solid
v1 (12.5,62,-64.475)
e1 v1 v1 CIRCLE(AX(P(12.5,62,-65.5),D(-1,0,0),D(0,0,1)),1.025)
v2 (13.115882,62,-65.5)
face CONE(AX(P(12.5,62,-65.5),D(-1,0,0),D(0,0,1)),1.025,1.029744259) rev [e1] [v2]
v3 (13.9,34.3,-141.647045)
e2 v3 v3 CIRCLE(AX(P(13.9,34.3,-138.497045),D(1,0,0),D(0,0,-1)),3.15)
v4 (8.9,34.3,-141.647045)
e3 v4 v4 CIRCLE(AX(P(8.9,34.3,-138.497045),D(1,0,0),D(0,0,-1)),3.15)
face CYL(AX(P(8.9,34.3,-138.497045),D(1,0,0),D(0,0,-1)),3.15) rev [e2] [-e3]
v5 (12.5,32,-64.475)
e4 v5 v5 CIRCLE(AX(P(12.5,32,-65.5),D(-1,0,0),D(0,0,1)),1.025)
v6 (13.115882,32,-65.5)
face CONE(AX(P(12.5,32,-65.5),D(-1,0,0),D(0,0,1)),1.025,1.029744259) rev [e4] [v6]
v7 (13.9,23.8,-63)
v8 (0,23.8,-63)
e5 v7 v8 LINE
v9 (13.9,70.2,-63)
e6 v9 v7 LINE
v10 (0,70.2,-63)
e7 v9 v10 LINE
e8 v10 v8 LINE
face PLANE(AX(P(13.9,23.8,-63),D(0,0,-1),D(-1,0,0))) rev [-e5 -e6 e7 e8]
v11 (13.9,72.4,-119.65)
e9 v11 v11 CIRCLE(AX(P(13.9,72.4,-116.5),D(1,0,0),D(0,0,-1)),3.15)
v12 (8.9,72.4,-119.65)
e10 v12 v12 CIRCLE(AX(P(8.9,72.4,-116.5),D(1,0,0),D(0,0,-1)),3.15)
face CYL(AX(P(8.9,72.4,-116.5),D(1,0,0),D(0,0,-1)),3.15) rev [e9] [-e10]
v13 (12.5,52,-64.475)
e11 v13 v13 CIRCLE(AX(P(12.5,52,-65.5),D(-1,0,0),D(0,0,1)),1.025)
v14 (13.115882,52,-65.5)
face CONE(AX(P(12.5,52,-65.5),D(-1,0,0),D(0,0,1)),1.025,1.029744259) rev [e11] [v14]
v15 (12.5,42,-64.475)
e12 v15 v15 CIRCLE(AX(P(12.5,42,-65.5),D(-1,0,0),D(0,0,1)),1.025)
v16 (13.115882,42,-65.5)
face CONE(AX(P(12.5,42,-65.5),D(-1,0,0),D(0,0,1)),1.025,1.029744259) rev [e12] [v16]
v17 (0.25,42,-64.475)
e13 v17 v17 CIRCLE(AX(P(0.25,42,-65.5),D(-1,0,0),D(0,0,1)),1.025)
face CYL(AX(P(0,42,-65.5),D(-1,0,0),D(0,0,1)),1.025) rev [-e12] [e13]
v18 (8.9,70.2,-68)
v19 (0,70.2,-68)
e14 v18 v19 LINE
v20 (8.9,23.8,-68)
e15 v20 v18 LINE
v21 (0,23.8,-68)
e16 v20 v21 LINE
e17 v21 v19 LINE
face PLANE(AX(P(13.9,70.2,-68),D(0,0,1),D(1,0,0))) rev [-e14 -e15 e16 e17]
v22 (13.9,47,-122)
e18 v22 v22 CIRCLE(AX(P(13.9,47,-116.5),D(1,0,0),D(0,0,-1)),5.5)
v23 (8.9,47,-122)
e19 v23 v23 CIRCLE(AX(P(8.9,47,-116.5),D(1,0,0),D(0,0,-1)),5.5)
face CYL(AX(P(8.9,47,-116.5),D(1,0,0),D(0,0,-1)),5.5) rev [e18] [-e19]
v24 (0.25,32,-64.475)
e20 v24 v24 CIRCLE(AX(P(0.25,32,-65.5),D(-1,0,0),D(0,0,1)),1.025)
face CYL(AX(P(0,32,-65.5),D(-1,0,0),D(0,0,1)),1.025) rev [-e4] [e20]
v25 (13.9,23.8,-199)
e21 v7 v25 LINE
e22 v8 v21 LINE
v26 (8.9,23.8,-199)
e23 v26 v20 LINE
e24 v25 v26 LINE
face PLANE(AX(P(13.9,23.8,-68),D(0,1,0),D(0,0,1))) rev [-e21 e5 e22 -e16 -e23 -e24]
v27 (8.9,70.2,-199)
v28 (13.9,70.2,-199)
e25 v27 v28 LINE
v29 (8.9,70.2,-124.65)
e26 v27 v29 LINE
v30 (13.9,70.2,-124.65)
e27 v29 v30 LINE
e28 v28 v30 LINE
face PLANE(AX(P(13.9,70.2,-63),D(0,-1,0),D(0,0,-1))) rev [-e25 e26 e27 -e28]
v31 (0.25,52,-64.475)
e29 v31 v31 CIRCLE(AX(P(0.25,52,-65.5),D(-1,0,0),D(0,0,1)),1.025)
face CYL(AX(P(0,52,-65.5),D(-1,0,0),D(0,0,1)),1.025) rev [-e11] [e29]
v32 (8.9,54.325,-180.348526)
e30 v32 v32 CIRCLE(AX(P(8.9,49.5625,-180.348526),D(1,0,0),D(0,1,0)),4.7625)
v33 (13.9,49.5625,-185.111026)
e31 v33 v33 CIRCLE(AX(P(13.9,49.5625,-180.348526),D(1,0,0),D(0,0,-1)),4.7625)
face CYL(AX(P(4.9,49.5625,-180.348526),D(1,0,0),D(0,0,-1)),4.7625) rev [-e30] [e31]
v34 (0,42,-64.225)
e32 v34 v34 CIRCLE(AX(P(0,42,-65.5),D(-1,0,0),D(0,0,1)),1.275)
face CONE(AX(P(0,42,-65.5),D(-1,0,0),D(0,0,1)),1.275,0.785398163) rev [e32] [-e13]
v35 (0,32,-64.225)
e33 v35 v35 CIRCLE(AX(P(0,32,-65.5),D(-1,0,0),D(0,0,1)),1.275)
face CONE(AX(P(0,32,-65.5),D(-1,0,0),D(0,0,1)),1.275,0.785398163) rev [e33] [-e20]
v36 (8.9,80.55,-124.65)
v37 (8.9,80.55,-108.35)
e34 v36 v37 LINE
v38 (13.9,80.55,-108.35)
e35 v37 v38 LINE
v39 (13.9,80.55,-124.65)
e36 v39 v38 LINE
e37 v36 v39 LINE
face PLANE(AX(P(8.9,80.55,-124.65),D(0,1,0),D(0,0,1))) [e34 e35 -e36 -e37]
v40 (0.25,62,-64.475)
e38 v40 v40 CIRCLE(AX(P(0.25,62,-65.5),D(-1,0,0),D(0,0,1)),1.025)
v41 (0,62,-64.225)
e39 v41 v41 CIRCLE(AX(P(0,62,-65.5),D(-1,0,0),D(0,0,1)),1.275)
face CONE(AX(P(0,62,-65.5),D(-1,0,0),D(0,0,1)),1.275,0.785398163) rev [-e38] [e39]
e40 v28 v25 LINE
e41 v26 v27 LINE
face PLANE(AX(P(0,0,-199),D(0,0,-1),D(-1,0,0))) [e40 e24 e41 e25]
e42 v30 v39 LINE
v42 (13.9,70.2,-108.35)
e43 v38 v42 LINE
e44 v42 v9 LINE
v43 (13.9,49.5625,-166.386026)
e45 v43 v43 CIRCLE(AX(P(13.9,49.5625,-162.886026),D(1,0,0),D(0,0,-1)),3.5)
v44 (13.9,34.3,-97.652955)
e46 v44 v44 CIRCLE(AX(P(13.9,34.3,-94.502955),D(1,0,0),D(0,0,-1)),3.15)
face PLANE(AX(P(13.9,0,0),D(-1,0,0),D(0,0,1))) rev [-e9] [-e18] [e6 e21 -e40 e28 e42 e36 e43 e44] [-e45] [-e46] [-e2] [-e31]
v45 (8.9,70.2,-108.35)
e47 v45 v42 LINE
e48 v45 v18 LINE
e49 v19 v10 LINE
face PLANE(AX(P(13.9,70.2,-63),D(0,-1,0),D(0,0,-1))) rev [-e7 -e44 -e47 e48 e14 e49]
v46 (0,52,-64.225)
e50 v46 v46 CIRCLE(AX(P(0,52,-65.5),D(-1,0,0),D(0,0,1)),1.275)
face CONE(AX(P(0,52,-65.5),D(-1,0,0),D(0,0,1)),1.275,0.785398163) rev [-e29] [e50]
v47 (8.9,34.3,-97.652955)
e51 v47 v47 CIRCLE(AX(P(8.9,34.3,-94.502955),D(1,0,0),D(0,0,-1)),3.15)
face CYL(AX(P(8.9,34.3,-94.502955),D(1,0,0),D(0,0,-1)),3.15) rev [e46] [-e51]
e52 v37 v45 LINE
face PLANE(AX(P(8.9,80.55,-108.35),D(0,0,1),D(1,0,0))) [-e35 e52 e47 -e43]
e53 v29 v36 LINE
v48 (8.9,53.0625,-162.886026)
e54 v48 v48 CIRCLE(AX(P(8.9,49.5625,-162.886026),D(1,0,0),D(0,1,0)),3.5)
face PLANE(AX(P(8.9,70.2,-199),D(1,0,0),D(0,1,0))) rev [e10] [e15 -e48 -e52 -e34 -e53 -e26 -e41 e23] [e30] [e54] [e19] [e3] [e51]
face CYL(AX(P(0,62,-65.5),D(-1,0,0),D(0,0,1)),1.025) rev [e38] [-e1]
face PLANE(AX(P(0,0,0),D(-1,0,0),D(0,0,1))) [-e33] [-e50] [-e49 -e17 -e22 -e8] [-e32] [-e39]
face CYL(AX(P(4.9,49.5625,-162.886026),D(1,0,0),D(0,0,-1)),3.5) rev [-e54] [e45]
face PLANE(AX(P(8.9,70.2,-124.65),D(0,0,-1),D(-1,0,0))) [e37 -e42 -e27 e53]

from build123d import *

# Parameters (mm, degrees)
SKETCH8_W                          = 5
SKETCH8_H                          = 46.4
BOSS_EXTRUDE6_DEPTH                = 13.9
SKETCH9_W                          = 5
SKETCH9_H                          = 46.4
BOSS_EXTRUDE7_DEPTH                = 131
SKETCH11_W                         = 16.3
SKETCH11_H                         = 10.35
BOSS_EXTRUDE8_DEPTH                = 5
SKETCH10_R                         = 5.5
SKETCH10_R_2                       = 3.15
CUT_EXTRUDE2_DEPTH                 = 5
SKETCH16_R                         = 4.7625
CUT_EXTRUDE6_DEPTH                 = 9
SKETCH17_R                         = 3.5
CUT_EXTRUDE7_DEPTH                 = 9
M2_5X0_45_TAPPED_HOLE1_D           = 2.05
M2_5X0_45_TAPPED_HOLE1_DEPTH       = 12.5
M2_5X0_45_TAPPED_HOLE1_CSINK_D     = 2.55
M2_5X0_45_TAPPED_HOLE1_CSINK_ANGLE = 90
M2_5X0_45_TAPPED_HOLE1_TIP         = 0.615882135


with BuildPart() as part:
    # Sketch8 → Boss-Extrude6 (new body)
    with BuildSketch(Plane(origin=(0, 0, 0), x_dir=(0, 0, -1), z_dir=(1, 0, 0))):
        with Locations((65.5, 47)):
            Rectangle(SKETCH8_W, SKETCH8_H)
    extrude(amount=BOSS_EXTRUDE6_DEPTH)

    # Sketch9 → Boss-Extrude7 (add)
    with BuildSketch(Plane(origin=(0, 0, -68), x_dir=(-1, 0, 0), z_dir=(0, 0, -1))):
        with Locations((-11.4, 47)):
            Rectangle(SKETCH9_W, SKETCH9_H)
    extrude(amount=BOSS_EXTRUDE7_DEPTH)

    # Sketch11 → Boss-Extrude8 (add)
    with BuildSketch(Plane(origin=(13.9, 0, 0), x_dir=(0, 0, -1), z_dir=(1, 0, 0))):
        with Locations((116.5, 75.375)):
            Rectangle(SKETCH11_W, SKETCH11_H)
    extrude(amount=-BOSS_EXTRUDE8_DEPTH)

    # Sketch10 → Cut-Extrude2 (cut)
    with BuildSketch(Plane(origin=(13.9, 0, 0), x_dir=(0, 0, -1), z_dir=(1, 0, 0))):
        with Locations((116.5, 47)):
            Circle(SKETCH10_R)
        with Locations((116.5, 72.4)):
            Circle(SKETCH10_R_2)
        with Locations((138.497045256, 34.3)):
            Circle(SKETCH10_R_2)
        with Locations((94.502954744, 34.3)):
            Circle(SKETCH10_R_2)
    extrude(amount=-CUT_EXTRUDE2_DEPTH, mode=Mode.SUBTRACT)

    # Sketch16 → Cut-Extrude6 (cut)
    with BuildSketch(Plane(origin=(13.9, 0, 0), x_dir=(0, 0, -1), z_dir=(1, 0, 0))):
        with Locations((180.348526442, 49.5625)):
            Circle(SKETCH16_R)
    extrude(amount=-CUT_EXTRUDE6_DEPTH, mode=Mode.SUBTRACT)

    # Sketch17 → Cut-Extrude7 (cut)
    with BuildSketch(Plane(origin=(13.9, 0, 0), x_dir=(0, 0, -1), z_dir=(1, 0, 0))):
        with Locations((162.886026442, 49.5625)):
            Circle(SKETCH17_R)
    extrude(amount=-CUT_EXTRUDE7_DEPTH, mode=Mode.SUBTRACT)

    # M2.5x0.45 Tapped Hole1
    with Locations(Plane.ZY):
        with Locations((-65.5, 62), (-65.5, 52), (-65.5, 32), (-65.5, 42)):
            CounterSinkHole(M2_5X0_45_TAPPED_HOLE1_D / 2, M2_5X0_45_TAPPED_HOLE1_CSINK_D / 2, depth=M2_5X0_45_TAPPED_HOLE1_DEPTH, counter_sink_angle=M2_5X0_45_TAPPED_HOLE1_CSINK_ANGLE)
            with Locations((0, 0, -(M2_5X0_45_TAPPED_HOLE1_DEPTH + M2_5X0_45_TAPPED_HOLE1_TIP / 2))):  # 118° drill point
                Cone(0, M2_5X0_45_TAPPED_HOLE1_D / 2, M2_5X0_45_TAPPED_HOLE1_TIP, mode=Mode.SUBTRACT)


solid = part.part
